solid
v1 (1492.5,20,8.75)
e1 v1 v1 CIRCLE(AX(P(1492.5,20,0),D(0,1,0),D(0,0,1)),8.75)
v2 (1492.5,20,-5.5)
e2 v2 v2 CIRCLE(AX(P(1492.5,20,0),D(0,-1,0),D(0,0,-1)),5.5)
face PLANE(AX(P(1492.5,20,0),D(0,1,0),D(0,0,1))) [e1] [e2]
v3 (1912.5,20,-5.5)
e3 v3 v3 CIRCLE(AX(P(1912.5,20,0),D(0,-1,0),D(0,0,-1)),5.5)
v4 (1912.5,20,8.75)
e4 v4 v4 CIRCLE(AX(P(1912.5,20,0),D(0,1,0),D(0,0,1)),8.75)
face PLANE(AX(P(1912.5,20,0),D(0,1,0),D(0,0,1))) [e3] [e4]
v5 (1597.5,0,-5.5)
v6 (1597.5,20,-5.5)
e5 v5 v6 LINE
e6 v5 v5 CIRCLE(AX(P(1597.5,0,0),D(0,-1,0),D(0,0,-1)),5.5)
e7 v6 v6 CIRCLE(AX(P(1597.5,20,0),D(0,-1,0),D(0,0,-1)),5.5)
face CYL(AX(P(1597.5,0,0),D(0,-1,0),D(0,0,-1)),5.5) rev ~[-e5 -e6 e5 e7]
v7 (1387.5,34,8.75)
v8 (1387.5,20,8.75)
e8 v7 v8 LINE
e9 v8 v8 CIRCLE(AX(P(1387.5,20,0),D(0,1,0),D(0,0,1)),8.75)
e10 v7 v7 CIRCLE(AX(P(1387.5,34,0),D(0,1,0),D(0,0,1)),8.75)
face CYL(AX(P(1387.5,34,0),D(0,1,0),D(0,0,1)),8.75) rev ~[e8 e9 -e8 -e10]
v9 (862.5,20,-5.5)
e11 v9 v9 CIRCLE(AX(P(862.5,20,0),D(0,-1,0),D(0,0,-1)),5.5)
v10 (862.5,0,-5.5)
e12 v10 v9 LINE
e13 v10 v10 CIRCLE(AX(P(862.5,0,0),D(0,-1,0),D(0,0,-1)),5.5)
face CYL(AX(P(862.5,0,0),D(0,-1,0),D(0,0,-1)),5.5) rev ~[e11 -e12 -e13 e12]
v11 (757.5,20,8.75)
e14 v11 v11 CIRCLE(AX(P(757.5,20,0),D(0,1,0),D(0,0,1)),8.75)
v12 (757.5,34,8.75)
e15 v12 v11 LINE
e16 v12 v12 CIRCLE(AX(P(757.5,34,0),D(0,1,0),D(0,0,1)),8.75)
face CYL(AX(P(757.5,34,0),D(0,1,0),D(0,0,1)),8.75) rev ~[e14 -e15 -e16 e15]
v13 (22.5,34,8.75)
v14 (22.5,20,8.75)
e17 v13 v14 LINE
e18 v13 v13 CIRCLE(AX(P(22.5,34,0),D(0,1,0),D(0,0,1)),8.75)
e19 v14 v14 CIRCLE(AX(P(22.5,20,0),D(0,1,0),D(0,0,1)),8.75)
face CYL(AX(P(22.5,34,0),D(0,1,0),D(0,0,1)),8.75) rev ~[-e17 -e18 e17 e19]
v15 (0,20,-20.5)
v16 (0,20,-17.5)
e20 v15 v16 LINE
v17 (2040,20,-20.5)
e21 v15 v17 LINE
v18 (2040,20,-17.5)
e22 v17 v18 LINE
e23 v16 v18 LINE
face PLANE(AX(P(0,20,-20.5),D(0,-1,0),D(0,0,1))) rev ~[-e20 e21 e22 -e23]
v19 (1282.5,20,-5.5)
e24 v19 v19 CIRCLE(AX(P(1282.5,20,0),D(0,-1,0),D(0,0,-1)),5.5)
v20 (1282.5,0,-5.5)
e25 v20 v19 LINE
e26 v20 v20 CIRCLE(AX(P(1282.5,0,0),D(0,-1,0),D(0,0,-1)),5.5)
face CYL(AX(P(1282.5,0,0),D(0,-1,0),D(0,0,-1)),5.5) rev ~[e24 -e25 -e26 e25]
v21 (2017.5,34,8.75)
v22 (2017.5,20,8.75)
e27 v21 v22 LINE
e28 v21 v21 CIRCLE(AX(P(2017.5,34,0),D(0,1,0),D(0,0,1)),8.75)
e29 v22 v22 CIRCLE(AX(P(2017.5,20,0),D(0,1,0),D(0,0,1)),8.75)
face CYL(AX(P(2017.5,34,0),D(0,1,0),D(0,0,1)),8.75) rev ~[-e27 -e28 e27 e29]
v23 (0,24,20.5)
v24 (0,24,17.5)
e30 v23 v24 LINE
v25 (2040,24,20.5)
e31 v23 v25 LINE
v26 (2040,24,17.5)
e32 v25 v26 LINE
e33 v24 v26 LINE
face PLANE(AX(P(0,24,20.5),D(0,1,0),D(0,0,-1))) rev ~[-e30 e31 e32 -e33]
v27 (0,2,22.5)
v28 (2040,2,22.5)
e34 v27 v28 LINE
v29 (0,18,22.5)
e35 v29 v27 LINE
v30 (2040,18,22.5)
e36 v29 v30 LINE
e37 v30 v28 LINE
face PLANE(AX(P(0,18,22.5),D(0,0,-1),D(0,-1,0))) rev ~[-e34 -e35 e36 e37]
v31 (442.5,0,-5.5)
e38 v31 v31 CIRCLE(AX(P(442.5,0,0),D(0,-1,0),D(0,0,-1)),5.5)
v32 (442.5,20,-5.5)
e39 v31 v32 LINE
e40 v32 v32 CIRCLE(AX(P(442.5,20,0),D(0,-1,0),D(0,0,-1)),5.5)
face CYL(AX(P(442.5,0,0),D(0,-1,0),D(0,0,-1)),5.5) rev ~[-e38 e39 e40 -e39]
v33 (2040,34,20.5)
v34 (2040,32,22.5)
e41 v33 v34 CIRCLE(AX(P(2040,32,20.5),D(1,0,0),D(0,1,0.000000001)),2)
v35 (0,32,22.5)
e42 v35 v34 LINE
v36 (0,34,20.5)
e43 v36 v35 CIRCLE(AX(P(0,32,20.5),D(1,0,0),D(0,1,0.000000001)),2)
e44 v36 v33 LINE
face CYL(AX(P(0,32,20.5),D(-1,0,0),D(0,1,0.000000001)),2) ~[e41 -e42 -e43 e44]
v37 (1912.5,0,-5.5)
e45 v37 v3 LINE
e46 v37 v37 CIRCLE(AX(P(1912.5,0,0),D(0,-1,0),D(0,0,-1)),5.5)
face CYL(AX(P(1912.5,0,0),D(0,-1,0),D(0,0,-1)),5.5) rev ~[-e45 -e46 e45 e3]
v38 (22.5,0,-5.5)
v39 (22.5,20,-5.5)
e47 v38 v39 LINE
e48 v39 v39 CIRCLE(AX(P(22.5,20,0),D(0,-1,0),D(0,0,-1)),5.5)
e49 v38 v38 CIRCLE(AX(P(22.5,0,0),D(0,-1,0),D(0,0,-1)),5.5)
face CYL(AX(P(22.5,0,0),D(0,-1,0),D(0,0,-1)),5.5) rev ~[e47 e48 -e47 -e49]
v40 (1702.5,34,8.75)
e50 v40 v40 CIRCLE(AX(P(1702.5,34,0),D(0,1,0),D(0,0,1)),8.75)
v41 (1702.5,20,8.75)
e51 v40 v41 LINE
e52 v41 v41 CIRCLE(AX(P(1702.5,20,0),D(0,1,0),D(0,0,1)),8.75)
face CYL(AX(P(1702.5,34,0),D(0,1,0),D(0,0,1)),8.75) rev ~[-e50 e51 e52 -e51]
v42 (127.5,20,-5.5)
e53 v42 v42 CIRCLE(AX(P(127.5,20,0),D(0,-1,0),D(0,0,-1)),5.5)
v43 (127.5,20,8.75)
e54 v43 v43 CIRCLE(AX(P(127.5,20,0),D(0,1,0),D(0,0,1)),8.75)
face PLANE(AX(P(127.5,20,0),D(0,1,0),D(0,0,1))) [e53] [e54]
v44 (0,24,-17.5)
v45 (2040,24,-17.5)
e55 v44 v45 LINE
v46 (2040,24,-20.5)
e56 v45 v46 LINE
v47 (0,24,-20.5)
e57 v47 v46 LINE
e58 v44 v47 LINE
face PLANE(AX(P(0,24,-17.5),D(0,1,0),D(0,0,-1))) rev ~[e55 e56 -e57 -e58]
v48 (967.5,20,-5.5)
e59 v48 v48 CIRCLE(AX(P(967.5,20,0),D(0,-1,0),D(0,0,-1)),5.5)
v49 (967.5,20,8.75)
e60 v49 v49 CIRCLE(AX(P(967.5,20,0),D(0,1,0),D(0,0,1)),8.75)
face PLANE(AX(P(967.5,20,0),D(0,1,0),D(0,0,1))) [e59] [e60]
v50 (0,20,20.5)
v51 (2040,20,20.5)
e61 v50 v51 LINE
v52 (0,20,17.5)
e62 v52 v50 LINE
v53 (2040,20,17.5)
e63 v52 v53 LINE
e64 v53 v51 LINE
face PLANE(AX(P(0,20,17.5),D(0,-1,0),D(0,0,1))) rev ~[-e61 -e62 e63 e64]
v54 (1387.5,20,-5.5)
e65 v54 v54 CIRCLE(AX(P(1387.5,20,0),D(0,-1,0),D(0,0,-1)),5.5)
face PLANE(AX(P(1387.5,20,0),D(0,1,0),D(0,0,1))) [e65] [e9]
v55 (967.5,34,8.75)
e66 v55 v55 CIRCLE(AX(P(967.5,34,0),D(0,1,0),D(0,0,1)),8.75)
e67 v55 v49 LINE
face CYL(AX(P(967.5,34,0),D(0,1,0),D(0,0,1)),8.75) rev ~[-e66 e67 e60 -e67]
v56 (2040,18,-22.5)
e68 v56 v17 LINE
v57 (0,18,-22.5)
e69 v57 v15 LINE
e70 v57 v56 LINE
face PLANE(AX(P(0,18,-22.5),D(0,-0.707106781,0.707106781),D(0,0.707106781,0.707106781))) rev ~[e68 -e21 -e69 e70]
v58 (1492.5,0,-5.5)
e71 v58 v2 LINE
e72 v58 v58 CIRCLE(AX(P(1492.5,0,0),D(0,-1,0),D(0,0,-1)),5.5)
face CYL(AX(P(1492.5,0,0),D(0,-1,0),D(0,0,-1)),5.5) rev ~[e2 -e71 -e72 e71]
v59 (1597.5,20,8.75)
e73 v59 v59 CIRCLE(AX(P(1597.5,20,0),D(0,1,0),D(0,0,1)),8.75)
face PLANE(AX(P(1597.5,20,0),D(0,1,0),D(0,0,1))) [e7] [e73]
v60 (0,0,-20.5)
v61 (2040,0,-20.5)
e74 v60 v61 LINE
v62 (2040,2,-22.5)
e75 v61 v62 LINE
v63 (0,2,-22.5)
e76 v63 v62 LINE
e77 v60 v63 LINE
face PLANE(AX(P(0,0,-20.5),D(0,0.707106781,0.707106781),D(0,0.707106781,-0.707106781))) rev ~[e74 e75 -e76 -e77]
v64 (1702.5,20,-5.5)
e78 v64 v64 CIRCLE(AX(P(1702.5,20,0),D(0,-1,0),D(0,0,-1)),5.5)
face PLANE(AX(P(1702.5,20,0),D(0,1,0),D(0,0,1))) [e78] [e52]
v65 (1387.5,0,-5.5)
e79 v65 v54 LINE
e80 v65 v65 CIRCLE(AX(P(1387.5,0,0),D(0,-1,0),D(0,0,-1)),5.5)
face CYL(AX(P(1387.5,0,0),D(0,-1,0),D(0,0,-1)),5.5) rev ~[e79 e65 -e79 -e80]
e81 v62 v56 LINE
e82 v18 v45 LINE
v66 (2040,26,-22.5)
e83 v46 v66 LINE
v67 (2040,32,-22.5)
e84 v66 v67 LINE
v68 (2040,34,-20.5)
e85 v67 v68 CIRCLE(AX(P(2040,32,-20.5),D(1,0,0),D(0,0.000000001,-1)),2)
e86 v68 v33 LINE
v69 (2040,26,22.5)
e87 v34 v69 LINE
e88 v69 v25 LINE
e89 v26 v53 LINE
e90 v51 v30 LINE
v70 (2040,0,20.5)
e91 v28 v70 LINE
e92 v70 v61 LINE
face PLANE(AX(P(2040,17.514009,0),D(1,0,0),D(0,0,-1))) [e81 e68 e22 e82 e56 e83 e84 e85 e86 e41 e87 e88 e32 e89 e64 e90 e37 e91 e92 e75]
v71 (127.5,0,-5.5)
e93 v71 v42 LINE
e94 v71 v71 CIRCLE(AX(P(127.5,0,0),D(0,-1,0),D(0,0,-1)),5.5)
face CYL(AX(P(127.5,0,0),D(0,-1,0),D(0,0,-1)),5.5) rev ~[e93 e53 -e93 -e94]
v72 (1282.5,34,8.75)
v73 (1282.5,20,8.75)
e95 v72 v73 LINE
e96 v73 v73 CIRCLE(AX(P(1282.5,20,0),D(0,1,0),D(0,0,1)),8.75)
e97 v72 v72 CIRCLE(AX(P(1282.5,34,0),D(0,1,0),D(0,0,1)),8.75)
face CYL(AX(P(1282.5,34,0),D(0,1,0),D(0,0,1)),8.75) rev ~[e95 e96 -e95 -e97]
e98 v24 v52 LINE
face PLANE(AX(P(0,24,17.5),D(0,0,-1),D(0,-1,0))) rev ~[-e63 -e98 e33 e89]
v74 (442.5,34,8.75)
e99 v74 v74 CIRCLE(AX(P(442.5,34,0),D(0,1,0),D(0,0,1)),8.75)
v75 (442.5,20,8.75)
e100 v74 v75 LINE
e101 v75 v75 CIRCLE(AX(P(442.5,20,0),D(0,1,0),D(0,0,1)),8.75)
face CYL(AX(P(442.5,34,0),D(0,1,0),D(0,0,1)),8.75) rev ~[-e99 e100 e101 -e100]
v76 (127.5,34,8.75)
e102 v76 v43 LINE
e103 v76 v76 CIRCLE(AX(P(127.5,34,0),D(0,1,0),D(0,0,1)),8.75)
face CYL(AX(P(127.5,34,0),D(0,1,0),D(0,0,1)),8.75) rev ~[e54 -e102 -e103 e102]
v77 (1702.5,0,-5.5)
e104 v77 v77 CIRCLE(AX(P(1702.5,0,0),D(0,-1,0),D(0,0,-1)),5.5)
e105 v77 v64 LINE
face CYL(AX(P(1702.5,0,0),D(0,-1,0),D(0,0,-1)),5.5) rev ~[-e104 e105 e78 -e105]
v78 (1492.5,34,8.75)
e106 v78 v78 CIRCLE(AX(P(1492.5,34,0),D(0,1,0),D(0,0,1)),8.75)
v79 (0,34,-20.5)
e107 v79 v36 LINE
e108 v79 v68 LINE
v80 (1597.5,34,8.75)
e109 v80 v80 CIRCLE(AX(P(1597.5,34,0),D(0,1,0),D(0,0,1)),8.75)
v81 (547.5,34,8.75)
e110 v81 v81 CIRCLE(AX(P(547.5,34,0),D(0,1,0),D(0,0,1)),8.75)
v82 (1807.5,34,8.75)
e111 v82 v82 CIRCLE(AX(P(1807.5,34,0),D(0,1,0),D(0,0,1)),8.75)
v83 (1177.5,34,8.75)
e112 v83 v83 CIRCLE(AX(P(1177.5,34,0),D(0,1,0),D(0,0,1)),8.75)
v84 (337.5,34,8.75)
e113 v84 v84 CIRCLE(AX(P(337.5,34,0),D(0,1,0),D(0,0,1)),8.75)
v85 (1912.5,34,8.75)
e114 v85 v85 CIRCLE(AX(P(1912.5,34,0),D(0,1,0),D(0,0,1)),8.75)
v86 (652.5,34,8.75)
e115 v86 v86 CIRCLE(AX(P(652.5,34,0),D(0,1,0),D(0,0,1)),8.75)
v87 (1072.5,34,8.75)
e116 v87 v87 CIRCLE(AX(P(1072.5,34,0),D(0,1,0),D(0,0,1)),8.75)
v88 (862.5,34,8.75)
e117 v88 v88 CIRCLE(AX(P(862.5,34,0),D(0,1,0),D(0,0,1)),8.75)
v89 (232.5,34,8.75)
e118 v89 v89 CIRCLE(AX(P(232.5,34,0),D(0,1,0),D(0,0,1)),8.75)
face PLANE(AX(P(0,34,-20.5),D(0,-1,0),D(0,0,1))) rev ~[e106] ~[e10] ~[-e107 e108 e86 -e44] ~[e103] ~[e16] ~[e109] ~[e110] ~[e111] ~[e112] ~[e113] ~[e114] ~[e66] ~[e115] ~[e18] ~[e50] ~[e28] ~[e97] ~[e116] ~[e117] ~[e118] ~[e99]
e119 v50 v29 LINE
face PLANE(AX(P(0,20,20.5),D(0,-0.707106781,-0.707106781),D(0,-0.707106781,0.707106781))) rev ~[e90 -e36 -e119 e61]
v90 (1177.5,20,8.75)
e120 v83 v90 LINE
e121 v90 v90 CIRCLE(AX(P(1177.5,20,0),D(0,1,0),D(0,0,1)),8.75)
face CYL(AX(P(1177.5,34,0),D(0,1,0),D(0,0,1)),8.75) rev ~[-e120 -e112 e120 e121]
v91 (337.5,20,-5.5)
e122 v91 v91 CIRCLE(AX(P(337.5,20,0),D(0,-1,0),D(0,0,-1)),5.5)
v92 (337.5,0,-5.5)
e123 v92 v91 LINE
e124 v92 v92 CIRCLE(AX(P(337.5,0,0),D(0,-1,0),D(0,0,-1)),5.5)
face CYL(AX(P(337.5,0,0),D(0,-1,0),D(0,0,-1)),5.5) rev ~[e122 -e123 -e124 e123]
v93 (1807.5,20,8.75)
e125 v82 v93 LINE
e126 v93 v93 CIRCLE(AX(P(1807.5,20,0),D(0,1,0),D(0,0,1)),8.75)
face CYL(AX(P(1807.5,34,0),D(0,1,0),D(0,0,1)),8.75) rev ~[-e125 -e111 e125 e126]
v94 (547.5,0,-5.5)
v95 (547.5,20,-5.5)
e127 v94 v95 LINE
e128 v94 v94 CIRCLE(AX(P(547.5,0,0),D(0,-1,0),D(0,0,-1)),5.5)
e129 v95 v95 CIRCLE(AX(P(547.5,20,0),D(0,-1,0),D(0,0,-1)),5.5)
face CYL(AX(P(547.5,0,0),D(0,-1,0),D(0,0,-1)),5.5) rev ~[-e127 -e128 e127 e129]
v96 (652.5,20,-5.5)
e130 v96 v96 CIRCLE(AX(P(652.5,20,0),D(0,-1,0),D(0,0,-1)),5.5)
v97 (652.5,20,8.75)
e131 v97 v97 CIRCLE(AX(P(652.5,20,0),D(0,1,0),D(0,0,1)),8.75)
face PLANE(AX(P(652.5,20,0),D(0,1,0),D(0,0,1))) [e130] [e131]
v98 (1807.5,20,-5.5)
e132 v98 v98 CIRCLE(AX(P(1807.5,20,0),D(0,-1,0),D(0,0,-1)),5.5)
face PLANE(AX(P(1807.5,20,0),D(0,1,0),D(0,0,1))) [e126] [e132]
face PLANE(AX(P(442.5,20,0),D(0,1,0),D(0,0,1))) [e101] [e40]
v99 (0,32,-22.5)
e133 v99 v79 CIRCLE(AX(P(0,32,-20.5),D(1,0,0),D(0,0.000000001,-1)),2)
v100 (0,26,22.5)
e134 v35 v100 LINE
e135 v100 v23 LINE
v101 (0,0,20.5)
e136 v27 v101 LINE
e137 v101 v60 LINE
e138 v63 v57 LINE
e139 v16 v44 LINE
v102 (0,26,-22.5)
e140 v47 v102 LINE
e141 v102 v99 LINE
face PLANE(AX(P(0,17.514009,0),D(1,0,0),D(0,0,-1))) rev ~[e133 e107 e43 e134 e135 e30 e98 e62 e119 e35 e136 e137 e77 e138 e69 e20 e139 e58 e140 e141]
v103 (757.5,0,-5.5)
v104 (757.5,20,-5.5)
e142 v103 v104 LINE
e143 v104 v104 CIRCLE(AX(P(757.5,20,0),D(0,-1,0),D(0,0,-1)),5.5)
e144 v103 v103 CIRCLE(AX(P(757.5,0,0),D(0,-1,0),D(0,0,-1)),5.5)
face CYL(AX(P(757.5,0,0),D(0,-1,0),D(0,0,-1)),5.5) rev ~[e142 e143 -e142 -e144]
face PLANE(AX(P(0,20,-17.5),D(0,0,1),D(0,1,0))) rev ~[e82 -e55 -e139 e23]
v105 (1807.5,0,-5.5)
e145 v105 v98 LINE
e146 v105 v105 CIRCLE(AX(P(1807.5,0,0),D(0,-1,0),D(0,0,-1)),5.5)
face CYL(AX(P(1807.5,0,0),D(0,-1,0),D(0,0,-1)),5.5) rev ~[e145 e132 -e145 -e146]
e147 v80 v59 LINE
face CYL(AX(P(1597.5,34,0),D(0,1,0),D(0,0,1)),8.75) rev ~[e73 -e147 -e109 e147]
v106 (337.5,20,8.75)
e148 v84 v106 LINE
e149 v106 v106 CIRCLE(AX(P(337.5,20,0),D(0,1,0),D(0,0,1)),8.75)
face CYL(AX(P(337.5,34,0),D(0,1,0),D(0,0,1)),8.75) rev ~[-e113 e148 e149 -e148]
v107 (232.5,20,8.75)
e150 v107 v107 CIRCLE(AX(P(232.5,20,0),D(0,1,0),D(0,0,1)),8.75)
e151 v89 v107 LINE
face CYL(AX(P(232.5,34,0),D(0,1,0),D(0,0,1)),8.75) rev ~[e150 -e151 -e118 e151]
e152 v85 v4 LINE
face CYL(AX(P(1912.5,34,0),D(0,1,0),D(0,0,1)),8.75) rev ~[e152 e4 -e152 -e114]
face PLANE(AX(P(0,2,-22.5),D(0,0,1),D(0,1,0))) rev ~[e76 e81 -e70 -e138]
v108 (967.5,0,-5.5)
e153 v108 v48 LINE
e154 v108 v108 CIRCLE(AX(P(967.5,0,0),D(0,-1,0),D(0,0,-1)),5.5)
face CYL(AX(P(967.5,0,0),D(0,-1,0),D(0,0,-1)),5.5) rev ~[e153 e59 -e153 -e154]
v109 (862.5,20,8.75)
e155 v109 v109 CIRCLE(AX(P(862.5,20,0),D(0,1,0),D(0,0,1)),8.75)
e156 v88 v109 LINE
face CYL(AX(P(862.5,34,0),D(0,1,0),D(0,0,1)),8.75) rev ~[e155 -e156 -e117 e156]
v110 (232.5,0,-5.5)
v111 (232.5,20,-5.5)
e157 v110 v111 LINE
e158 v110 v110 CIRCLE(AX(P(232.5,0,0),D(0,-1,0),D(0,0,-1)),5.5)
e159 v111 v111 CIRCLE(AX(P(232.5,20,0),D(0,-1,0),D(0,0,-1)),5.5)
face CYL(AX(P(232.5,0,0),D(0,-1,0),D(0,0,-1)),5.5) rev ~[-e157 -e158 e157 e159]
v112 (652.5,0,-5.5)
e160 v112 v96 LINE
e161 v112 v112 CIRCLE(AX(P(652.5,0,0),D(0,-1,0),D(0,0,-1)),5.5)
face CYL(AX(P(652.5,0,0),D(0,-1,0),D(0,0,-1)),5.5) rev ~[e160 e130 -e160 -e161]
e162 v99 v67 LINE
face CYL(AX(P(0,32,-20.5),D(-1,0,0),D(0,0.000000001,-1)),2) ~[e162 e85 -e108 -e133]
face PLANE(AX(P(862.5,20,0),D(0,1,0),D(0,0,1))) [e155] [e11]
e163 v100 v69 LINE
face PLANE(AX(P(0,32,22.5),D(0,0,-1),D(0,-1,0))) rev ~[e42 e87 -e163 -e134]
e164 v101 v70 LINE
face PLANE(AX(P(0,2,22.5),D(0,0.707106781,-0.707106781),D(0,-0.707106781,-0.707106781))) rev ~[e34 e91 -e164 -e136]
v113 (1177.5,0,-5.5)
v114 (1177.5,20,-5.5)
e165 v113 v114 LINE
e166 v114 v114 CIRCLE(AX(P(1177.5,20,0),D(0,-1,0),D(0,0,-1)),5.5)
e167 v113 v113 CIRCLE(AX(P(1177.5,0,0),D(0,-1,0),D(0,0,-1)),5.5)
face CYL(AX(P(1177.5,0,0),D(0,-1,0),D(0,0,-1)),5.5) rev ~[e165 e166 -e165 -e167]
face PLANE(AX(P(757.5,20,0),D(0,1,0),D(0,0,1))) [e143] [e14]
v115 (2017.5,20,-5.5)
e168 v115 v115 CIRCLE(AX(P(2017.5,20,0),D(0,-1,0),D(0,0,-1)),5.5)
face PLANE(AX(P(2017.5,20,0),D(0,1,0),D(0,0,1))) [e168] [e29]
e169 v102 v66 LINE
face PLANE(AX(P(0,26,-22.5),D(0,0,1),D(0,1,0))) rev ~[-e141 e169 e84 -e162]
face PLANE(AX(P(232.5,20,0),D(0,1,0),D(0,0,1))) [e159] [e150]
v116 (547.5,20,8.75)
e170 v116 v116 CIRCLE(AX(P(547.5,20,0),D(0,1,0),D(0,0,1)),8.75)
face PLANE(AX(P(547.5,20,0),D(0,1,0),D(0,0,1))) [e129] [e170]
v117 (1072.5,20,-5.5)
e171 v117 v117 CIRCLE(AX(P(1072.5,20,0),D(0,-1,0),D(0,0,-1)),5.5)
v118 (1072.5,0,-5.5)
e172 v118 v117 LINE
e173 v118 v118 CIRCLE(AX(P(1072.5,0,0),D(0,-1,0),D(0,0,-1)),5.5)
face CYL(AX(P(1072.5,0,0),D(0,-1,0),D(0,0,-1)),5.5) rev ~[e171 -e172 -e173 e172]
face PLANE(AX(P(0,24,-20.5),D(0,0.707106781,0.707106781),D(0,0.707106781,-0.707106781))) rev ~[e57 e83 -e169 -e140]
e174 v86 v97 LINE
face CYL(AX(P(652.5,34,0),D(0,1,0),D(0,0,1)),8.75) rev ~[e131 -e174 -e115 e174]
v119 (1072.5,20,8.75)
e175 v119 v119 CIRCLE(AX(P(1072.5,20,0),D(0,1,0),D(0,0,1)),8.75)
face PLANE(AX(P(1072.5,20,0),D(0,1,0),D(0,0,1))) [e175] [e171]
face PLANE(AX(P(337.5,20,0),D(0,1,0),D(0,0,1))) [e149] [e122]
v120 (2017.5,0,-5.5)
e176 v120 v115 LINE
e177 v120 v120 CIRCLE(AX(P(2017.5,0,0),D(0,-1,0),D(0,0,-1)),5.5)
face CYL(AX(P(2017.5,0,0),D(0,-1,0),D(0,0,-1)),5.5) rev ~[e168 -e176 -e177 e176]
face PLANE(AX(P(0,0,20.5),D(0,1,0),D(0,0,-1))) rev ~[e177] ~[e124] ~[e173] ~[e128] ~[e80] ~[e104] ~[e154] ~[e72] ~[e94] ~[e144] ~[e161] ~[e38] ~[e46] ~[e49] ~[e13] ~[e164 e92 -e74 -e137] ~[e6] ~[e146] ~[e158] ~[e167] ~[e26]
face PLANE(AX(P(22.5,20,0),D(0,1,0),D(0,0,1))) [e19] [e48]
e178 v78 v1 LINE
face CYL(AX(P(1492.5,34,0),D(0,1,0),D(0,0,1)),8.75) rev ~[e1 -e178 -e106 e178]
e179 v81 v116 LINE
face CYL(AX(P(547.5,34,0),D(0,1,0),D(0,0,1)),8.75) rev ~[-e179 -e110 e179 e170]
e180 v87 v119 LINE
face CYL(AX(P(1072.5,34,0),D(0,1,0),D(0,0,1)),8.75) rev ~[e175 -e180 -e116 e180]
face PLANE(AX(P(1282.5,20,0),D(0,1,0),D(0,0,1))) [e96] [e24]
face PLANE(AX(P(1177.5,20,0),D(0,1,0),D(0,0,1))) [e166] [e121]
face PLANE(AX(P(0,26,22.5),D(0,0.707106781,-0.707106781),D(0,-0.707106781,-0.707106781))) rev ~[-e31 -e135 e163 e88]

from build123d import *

# Parameters (mm, degrees)
EXTRUDE_1_DEPTH        = 2040
SKETCH_2_R             = 8.75
CUT_EXTRUDE_1_DEPTH    = 14
CUT_EXTRUDE_2_REACH    = 2042.407
SKETCH_3_R             = 5.5
PATTERN_LINEAR_1_COUNT = 20
PATTERN_LINEAR_1_PITCH = 105


with BuildPart() as part:
    # 草图1 → 凸台-拉伸1 (new body)
    with BuildSketch(Plane(origin=(0, 0, 0), x_dir=(0, 0, -1), z_dir=(1, 0, 0))):
        with BuildLine():
            Line((-20.5, 0), (20.5, 0))
            Line((20.5, 0), (22.5, 2))
            Line((22.5, 2), (22.5, 18))
            Line((22.5, 18), (20.5, 20))
            Line((20.5, 20), (17.5, 20))
            Line((17.5, 20), (17.5, 24))
            Line((17.5, 24), (20.5, 24))
            Line((20.5, 24), (22.5, 26))
            Line((22.5, 26), (22.5, 32))
            ThreePointArc((22.5, 32), (21.914213562, 33.414213562), (20.5, 34))
            Line((20.5, 34), (-20.5, 34))
            ThreePointArc((-20.5, 34), (-21.914213562, 33.414213562), (-22.5, 32))
            Line((-22.5, 32), (-22.5, 26))
            Line((-22.5, 26), (-20.5, 24))
            Line((-20.5, 24), (-17.5, 24))
            Line((-17.5, 24), (-17.5, 20))
            Line((-17.5, 20), (-20.5, 20))
            Line((-20.5, 20), (-22.5, 18))
            Line((-22.5, 18), (-22.5, 2))
            Line((-22.5, 2), (-20.5, 0))
        make_face()
    extrude(amount=EXTRUDE_1_DEPTH)

    # 草图2 → 切除-拉伸1 (cut)
    with BuildSketch(Plane(origin=(0, 34, 0), x_dir=(1, 0, 0), z_dir=(0, 1, 0))):
        with Locations(Location((22.5, 0, 0), (0, 0, 270))):
            Circle(SKETCH_2_R)
    cut_extrude_1 = extrude(amount=-CUT_EXTRUDE_1_DEPTH, mode=Mode.SUBTRACT)

    # 草图3 → 切除-拉伸2 (cut, up to next)
    with BuildSketch(Plane.XZ, mode=Mode.PRIVATE) as cut_extrude_2_sk1:
        with Locations(Location((22.5, 0, 0), (0, 0, 270))):
            Circle(SKETCH_3_R)
    cut_extrude_2_tool1 = extrude(cut_extrude_2_sk1.sketch, amount=-CUT_EXTRUDE_2_REACH, mode=Mode.PRIVATE) & part.part
    cut_extrude_2 = cut_extrude_2_tool1.solids().sort_by_distance((22.5, 0, 0))[0]
    add(cut_extrude_2, mode=Mode.SUBTRACT)

    # 阵列(线性)1: 切除-拉伸1, 切除-拉伸2 ×20
    with Locations(*[(i * PATTERN_LINEAR_1_PITCH, 0, 0) for i in range(1, PATTERN_LINEAR_1_COUNT)]):
        add(cut_extrude_1, mode=Mode.SUBTRACT)
        add(cut_extrude_2, mode=Mode.SUBTRACT)


solid = part.part
